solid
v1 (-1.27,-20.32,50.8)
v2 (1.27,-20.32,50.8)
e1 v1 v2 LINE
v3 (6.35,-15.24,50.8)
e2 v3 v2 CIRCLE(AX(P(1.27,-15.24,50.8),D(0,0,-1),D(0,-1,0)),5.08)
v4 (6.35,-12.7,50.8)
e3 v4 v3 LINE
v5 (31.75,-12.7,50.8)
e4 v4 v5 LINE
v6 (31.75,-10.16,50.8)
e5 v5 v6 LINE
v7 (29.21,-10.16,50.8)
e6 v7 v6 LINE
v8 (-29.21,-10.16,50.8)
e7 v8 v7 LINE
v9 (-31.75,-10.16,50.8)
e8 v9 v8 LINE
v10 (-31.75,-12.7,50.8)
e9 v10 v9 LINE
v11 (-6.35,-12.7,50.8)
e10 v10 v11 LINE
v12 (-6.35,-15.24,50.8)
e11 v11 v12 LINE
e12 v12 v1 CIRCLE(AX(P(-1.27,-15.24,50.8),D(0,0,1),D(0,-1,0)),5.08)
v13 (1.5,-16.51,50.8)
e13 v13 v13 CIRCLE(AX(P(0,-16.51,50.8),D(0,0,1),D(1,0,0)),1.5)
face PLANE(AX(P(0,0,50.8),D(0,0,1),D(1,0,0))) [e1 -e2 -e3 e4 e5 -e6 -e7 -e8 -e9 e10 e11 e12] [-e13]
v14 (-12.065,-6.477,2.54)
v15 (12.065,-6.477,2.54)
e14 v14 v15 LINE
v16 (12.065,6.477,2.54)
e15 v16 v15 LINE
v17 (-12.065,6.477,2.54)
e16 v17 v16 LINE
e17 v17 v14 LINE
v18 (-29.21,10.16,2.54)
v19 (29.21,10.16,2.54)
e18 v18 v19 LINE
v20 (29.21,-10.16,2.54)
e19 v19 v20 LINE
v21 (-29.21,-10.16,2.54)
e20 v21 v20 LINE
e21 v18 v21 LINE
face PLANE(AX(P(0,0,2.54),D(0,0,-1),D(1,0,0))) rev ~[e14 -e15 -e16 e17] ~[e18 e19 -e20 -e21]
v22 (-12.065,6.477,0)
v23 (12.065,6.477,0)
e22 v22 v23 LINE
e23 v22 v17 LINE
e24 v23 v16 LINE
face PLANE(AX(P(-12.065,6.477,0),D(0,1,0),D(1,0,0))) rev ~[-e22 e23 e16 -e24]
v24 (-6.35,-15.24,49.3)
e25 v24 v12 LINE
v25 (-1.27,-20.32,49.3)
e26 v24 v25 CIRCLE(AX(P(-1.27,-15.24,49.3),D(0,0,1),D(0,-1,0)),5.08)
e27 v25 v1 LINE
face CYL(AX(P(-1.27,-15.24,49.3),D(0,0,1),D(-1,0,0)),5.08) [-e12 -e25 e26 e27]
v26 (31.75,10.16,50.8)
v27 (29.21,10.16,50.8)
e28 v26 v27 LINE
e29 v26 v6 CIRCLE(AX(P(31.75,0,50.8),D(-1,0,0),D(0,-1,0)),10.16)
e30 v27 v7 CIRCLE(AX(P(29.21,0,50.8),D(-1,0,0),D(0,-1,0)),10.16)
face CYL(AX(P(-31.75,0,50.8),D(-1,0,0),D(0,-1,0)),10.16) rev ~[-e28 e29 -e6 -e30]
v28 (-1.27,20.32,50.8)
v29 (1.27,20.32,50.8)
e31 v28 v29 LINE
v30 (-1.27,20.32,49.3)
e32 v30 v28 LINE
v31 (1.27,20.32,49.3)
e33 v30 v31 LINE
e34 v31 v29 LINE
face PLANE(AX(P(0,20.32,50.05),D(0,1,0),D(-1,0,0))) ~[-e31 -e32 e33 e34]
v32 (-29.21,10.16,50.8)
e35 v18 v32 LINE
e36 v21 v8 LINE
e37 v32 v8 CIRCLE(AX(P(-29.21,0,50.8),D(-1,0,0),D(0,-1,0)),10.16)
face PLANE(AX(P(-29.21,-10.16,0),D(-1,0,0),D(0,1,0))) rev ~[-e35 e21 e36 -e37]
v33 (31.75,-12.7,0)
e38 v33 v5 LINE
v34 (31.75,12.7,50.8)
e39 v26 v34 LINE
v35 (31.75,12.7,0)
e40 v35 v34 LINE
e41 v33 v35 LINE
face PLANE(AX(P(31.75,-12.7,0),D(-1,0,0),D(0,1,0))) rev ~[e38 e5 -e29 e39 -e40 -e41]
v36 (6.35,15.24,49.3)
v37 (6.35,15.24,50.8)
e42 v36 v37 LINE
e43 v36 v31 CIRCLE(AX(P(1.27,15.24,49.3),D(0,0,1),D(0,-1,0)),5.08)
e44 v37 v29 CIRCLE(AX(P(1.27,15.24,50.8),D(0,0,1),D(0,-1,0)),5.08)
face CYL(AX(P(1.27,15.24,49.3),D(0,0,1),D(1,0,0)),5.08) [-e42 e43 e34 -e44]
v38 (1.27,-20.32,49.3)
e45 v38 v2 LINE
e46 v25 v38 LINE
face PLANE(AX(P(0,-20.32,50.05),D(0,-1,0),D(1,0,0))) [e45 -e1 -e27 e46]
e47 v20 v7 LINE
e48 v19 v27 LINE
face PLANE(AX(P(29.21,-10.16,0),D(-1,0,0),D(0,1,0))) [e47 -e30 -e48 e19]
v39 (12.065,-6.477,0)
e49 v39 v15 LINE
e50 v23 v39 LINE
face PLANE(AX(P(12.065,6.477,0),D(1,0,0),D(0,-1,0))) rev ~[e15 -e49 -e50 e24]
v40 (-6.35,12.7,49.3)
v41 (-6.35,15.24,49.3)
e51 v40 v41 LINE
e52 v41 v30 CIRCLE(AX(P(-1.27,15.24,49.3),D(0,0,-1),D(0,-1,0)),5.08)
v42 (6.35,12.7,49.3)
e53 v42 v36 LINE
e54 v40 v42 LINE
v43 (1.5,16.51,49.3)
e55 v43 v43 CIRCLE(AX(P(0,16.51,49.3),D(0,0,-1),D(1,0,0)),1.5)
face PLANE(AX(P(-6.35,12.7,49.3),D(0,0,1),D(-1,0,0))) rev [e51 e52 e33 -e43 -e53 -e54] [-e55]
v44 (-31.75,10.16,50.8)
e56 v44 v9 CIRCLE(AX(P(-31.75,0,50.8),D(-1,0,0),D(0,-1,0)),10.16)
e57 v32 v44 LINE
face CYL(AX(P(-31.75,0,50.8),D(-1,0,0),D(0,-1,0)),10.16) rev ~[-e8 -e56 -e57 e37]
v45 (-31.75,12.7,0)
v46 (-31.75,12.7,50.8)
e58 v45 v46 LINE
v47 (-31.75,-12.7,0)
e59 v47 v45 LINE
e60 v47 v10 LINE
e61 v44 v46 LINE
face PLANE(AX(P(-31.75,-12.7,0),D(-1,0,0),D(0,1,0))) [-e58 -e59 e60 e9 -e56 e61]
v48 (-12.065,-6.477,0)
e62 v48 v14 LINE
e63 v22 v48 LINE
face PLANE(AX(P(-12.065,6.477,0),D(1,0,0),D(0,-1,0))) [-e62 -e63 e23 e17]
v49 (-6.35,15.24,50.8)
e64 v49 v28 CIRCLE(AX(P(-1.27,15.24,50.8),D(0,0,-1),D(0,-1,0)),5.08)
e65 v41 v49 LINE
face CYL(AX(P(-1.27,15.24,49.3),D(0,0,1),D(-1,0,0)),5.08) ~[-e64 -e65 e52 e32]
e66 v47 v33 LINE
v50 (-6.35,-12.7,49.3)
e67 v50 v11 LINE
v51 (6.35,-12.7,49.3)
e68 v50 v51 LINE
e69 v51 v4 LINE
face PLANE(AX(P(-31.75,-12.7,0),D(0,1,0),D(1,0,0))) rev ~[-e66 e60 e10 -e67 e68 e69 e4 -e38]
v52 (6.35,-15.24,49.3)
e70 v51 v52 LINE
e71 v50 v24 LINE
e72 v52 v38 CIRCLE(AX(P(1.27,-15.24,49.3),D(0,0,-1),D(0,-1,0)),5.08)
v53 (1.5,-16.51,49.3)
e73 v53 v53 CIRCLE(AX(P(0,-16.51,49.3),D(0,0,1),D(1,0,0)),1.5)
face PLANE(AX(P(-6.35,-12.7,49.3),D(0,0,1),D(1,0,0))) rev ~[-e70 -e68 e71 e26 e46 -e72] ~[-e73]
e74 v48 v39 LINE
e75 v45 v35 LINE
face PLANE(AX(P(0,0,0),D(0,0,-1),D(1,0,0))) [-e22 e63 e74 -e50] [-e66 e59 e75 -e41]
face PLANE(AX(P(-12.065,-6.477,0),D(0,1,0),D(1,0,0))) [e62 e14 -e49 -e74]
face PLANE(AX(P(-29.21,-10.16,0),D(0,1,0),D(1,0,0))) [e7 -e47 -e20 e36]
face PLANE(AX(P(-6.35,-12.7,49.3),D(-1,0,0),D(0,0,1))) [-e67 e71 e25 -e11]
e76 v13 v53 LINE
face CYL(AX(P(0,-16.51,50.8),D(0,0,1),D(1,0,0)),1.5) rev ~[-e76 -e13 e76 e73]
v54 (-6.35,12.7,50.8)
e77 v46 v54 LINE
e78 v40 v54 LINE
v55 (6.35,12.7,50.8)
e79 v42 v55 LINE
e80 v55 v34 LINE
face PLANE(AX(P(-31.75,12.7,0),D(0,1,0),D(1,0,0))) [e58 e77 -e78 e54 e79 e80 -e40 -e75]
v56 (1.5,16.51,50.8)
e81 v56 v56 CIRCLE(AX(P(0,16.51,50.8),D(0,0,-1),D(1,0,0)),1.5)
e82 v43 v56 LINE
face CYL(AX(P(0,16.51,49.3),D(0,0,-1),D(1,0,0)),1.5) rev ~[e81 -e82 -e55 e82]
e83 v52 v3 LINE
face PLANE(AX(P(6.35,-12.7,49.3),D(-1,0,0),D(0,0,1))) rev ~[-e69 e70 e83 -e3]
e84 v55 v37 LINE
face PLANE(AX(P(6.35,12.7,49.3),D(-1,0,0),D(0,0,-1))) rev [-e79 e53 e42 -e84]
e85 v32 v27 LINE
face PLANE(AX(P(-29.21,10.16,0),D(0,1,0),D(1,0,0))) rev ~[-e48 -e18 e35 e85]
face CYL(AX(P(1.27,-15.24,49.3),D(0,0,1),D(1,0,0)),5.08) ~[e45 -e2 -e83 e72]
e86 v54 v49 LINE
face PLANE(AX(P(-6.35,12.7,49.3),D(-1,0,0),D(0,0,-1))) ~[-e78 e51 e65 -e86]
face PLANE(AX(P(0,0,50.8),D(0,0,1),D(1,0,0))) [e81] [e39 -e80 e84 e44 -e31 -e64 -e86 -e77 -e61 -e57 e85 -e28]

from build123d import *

# Parameters (mm, degrees)
F0_W      = 63.5
F0_H      = 25.4
F0_W_2    = 58.42
F0_H_2    = 20.32
F1_DEPTH  = 50.8
F2_W      = 58.42
F2_H      = 20.32
F3_DEPTH  = 2.54
F4_R      = 10.16
F5_DEPTH  = 63.501
F7_W      = 12.7
F7_H      = 1.5
F8_DEPTH  = 7.62
F10_R     = 1.5
F11_DEPTH = 25.4
F12_R     = 1.5
F13_DEPTH = 25.4
F14_R     = 5.08
F6_W      = 24.13
F6_H      = 12.954
F15_DEPTH = 25.4


with BuildPart() as f1:
    # F0 (on Top) → F1 (new body)
    with BuildSketch(Plane.XY):
        Rectangle(F0_W, F0_H)
        Rectangle(F0_W_2, F0_H_2, mode=Mode.SUBTRACT)
    extrude(amount=F1_DEPTH)

    # F2 (on face) → F3 (join)
    with BuildSketch(Plane(origin=(0, 0, 0), x_dir=(1, 0, 0), z_dir=(0, 0, -1))):
        Rectangle(F2_W, F2_H)
    extrude(amount=-F3_DEPTH)

    # F4 (on face) → F5 (cut, through all)
    with BuildSketch(Plane(origin=(-31.75, 0, 0), x_dir=(0, -1, 0), z_dir=(-1, 0, 0))):
        with Locations((0, 50.8)):
            Circle(F4_R)
    extrude(amount=-F5_DEPTH, mode=Mode.SUBTRACT)

    # F7 (on face) → F8 (join)
    with BuildSketch(Plane.XZ.offset(12.7)):
        with Locations((0, 50.05)):
            Rectangle(F7_W, F7_H)
    extrude(amount=F8_DEPTH)

    # F9: F1 across plane


with BuildPart() as f1_1:
    add(f1.part)
    add(f1.part.mirror(Plane.XZ))

    # F10 (on face) → F11 (cut)
    with BuildSketch(Plane.XY.offset(50.8)):
        with Locations((0, -16.51)):
            Circle(F10_R)
    extrude(amount=-F11_DEPTH, mode=Mode.SUBTRACT)

    # F12 (on face) → F13 (cut)
    with BuildSketch(Plane(origin=(0, 0, 49.3), x_dir=(1, 0, 0), z_dir=(0, 0, -1))):
        with Locations((0, -16.51)):
            Circle(F12_R)
    extrude(amount=-F13_DEPTH, mode=Mode.SUBTRACT)

    # F14
    f14_edges = [f1_1.edges().sort_by_distance(p)[0] for p in [
        (6.35, 20.32, 50.05),
        (-6.35, 20.32, 50.05),
        (6.35, -20.32, 50.05),
        (-6.35, -20.32, 50.05),
    ]]
    fillet(f14_edges, radius=F14_R)

    # F6 (on face) → F15 (cut)
    with BuildSketch(Plane(origin=(0, 0, 0), x_dir=(1, 0, 0), z_dir=(0, 0, -1))):
        Rectangle(F6_W, F6_H)
    extrude(amount=-F15_DEPTH, mode=Mode.SUBTRACT)


solid = f1_1.part
